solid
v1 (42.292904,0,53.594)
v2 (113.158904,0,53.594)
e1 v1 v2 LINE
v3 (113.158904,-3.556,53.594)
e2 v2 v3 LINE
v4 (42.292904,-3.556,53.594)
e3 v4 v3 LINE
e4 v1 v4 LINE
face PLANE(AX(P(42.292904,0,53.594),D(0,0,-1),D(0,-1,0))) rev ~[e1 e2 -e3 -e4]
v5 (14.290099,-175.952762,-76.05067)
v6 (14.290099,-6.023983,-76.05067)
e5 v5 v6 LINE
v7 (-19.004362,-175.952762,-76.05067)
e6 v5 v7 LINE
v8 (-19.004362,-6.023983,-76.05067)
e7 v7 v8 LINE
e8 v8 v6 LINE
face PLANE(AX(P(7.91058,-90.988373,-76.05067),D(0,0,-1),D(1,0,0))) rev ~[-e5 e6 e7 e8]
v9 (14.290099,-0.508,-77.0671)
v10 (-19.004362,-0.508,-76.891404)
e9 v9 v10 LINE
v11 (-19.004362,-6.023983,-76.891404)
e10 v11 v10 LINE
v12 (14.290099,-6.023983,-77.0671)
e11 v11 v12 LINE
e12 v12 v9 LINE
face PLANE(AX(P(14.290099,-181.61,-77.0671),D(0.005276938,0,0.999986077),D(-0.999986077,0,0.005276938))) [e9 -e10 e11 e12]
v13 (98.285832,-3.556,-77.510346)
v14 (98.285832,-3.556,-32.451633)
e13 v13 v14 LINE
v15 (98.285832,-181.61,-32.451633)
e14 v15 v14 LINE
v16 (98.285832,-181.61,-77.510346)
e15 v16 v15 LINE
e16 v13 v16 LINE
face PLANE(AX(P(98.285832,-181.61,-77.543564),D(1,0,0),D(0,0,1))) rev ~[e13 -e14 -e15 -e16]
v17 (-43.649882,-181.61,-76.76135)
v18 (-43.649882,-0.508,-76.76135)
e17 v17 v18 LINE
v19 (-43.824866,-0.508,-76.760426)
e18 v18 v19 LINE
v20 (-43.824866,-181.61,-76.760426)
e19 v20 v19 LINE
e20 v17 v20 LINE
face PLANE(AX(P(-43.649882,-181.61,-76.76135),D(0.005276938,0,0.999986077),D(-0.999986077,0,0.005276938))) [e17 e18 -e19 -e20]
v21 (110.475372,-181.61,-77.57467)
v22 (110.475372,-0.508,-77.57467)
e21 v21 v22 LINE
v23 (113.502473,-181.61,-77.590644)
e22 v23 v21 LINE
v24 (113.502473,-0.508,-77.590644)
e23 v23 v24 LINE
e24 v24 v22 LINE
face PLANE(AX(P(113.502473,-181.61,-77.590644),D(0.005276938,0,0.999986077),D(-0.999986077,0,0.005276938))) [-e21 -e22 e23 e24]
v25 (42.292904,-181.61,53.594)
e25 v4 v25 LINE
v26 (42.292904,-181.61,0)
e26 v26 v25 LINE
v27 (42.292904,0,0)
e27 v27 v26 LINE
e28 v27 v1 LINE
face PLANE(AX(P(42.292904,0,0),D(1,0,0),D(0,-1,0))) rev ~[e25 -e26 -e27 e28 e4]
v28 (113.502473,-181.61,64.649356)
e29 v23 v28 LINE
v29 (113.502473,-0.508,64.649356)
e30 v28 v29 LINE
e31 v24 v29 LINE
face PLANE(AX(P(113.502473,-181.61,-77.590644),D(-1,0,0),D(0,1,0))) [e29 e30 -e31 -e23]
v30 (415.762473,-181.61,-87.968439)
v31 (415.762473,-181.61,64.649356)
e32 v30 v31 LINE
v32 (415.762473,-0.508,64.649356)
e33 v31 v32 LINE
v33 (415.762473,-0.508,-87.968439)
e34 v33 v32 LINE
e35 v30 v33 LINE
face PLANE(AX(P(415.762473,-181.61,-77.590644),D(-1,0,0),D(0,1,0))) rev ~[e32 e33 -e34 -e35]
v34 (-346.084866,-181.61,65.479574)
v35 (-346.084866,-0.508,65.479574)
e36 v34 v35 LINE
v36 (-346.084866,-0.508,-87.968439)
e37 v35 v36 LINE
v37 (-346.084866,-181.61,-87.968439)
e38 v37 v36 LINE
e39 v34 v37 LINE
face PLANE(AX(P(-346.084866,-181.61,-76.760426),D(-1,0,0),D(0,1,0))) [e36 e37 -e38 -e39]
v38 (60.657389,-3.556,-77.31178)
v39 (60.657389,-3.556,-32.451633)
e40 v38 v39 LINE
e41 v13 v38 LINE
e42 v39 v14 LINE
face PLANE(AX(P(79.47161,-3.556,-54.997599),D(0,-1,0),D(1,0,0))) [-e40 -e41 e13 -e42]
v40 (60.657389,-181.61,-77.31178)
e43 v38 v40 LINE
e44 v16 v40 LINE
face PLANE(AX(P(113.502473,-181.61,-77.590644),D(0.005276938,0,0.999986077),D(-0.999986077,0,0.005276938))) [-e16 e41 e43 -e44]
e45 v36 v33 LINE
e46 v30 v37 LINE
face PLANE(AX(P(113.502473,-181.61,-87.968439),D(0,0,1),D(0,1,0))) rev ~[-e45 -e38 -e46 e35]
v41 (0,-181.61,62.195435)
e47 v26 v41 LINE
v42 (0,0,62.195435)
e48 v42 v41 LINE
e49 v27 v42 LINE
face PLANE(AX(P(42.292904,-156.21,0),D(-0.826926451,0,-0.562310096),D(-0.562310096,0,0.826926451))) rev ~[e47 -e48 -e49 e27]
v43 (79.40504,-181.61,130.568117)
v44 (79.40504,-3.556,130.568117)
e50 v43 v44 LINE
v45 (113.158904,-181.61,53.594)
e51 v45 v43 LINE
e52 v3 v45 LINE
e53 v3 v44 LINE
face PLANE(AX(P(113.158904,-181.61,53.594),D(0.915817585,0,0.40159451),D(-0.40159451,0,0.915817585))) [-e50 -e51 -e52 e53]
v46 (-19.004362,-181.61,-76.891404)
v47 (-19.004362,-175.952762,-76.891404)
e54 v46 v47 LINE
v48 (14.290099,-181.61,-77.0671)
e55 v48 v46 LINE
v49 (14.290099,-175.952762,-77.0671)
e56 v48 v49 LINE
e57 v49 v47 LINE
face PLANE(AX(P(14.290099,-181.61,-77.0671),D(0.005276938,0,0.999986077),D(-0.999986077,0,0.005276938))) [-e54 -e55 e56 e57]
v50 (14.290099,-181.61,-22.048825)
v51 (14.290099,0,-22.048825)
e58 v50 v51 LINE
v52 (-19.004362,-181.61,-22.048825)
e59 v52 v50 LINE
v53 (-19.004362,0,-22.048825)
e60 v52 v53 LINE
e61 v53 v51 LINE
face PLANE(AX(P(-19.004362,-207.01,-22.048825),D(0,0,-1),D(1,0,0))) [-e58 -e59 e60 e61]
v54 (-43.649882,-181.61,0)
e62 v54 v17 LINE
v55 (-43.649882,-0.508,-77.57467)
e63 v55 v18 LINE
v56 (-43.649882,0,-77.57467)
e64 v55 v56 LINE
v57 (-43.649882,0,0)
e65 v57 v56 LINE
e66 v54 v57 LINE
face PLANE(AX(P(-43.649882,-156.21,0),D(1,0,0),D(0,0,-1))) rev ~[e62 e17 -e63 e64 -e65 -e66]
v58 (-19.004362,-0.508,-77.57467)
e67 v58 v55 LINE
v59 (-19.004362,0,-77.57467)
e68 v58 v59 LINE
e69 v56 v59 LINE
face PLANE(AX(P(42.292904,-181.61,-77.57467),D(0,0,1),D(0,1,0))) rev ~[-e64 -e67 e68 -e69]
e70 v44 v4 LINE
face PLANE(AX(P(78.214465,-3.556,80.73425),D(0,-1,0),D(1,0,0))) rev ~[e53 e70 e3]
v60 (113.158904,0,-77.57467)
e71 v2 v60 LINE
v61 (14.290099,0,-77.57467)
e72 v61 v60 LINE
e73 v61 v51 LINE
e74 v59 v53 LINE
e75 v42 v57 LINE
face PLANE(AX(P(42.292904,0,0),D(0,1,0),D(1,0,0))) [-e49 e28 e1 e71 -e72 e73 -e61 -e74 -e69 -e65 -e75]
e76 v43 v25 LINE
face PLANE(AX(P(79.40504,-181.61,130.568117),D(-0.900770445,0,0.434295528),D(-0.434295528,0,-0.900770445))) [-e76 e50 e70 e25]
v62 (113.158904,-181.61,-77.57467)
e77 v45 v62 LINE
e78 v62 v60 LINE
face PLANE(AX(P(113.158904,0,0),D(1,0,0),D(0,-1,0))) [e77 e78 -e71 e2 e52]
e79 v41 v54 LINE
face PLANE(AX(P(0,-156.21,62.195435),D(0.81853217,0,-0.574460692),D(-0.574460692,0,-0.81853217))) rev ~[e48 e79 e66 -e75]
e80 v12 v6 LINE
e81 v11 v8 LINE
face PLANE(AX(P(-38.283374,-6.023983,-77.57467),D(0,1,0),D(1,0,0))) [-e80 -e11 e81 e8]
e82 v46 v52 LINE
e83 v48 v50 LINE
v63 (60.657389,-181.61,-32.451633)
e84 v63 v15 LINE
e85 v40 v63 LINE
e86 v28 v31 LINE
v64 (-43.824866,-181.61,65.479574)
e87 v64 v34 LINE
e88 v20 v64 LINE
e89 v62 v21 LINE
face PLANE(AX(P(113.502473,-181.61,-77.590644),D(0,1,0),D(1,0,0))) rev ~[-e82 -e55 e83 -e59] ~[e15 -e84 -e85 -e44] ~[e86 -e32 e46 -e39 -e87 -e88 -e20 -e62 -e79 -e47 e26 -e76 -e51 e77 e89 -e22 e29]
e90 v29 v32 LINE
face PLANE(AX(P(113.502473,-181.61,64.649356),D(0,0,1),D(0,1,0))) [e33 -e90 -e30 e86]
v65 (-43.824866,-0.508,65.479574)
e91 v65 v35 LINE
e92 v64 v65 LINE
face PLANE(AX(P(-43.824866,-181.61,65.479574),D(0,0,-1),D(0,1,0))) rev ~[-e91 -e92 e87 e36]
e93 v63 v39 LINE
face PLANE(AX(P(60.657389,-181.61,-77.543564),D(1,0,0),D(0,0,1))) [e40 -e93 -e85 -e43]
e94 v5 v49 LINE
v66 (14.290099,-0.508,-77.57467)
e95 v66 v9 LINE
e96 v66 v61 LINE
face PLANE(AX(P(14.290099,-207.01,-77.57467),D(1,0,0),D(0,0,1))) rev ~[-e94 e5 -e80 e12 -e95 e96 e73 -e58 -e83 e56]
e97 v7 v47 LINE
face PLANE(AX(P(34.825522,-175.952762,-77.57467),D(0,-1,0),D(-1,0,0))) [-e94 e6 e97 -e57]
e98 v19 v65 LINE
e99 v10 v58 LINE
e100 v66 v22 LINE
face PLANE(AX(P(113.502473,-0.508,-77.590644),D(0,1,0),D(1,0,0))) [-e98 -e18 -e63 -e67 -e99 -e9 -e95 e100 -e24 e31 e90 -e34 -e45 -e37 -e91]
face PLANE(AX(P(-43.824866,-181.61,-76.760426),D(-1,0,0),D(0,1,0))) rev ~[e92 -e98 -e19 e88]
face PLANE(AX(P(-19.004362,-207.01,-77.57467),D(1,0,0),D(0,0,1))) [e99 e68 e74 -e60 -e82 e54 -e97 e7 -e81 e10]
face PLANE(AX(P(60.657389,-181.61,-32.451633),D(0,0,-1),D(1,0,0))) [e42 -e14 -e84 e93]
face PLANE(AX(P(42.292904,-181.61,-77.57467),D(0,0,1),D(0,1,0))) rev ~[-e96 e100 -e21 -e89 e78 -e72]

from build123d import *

# Parameters (mm, degrees)
F1_DEPTH  = 25.4
F2_DEPTH  = 105.41
F4_DEPTH  = 25.4
F7_DEPTH  = 34.544
F8_DEPTH  = 25.4
F9_W      = 33.2944607362
F9_H      = 55.5258449167
F10_DEPTH = 25.4
F11_DEPTH = 249.682
F12_W     = 53.8298841566
F12_H     = 169.9287788942
F12_W_2   = 19.2790124565
F13_DEPTH = 1.524
F14_DEPTH = 70.866
F16_W     = 37.628442049
F16_H     = 45.0919307768
F17_DEPTH = 178.054
F18_DEPTH = 53.594
F20_DEPTH = 178.054
F22_DEPTH = 181.102
F23_DEPTH = 302.26
F24_DEPTH = 302.26
F25_DEPTH = 142.24
F26_DEPTH = 142.24


with BuildPart() as f1:
    # F0 (on Front) → F1 (new body)
    with BuildSketch(Plane.XZ):
        Polygon((-43.6498820782, -77.5746703148), (42.2929041088, -77.5746703148), (42.2929041088, 0), (0, 62.1954351664), (-43.6498820782, 0), align=None)
    extrude(amount=F1_DEPTH)

    # F2 (add): a face of the model
    f2_faces = [f1.faces().sort_by_distance(p)[0] for p in [
        (-0.6137701258, -25.4, -21.7553212645),
    ]]
    extrude(f2_faces, amount=F2_DEPTH)

    # F3 (on face) → F4 (join)
    with BuildSketch(Plane.XZ.offset(130.81)):
        Polygon((-43.6498820782, 0), (-43.6498820782, -77.5746703148), (42.2929041088, -77.5746703148), (42.2929041088, 0), (0, 62.1954351664), align=None)
    extrude(amount=F4_DEPTH)

    # F6 (on face) → F7 (join)
    with BuildSketch(Plane.XZ.offset(156.21)):
        Polygon((-16.9418714941, -35.6023237109), (-16.9418714941, -77.5746703148), (13.7008177117, -77.5746703148), (13.7008177117, -37.0755307376), (13.7008177117, -35.6023237109), align=None)
    extrude(amount=-F7_DEPTH)

    # F5 (on face) → F8 (join)
    with BuildSketch(Plane.XZ.offset(156.21)):
        Polygon((-17.8257934749, -77.5746703148), (13.7008177117, -77.5746703148), (42.2929041088, -77.5746703148), (42.2929041088, 0), (0, 62.1954351664), (-43.6498820782, 0), (-43.6498820782, -77.5746703148), align=None)
    extrude(amount=F8_DEPTH)

    # F9 (on face) → F10 (join)
    with BuildSketch(Plane.XZ.offset(181.61)):
        with Locations((-2.3571313359, -49.8117478564)):
            Rectangle(F9_W, F9_H)
    extrude(amount=F10_DEPTH)

    # F11 (cut): a face of the model
    f11_faces = [f1.faces().sort_by_distance(p)[0] for p in [
        (-2.3571313359, -207.01, -49.8117478564),
    ]]
    extrude(f11_faces, amount=-F11_DEPTH, mode=Mode.SUBTRACT)

    # F12 (on face) → F13 (join)
    with BuildSketch(Plane(origin=(0, 0, -77.5746703148), x_dir=(1, 0, 0), z_dir=(0, 0, -1))):
        with Locations((7.9105803743, 90.9883729182)):
            Rectangle(F12_W, F12_H)
        with Locations((-28.6438679323, 90.9883729182)):
            Rectangle(F12_W_2, F12_H)
    extrude(amount=-F13_DEPTH)

    # F14 (add): a face of the model
    f14_faces = [f1.faces().sort_by_distance(p)[0] for p in [
        (42.2929041088, -90.805, -38.7873351574),
    ]]
    extrude(f14_faces, amount=F14_DEPTH)

    # F16 (on face) → F17 (cut)
    with BuildSketch(Plane.XZ.offset(181.61)):
        with Locations((79.4716104865, -54.9975987524)):
            Rectangle(F16_W, F16_H)
    extrude(amount=-F17_DEPTH, mode=Mode.SUBTRACT)

    # F18 (add): a face of the model
    f18_faces = [f1.faces().sort_by_distance(p)[0] for p in [
        (77.7259041088, -90.805, 0),
    ]]
    extrude(f18_faces, amount=F18_DEPTH)

    # F19 (on face) → F20 (join)
    with BuildSketch(Plane.XZ.offset(181.61)):
        Polygon((79.4050395489, 130.5681169033), (42.2929041088, 53.594), (113.1589041088, 53.594), align=None)
    extrude(amount=-F20_DEPTH)

    # F21 (on face) → F22 (join)
    with BuildSketch(Plane.XZ.offset(181.61)):
        Polygon((-43.6498820782, -76.761349558), (-43.8248664141, -76.7604261637), (-43.8248664141, -87.9684388638), (113.5024726391, -87.9684388638), (113.5024726391, -77.5906443596), (42.2929041088, -77.2148706392), (42.2929041088, -77.5746703148), (14.2900990322, -77.5746703148), (14.2900990322, -77.0670995115), (-19.004361704, -76.8914042554), (-19.004361704, -77.5746703148), (-43.6498820782, -77.5746703148), align=None)
    extrude(amount=-F22_DEPTH)

    # F23 (add): a face of the model
    f23_faces = [f1.faces().sort_by_distance(p)[0] for p in [
        (-43.8248664141, -91.059, -82.3644325137),
    ]]
    extrude(f23_faces, amount=F23_DEPTH)

    # F24 (add): a face of the model
    f24_faces = [f1.faces().sort_by_distance(p)[0] for p in [
        (113.5024726391, -91.059, -82.7795416117),
    ]]
    extrude(f24_faces, amount=F24_DEPTH)

    # F25 (add): a face of the model
    f25_faces = [f1.faces().sort_by_distance(p)[0] for p in [
        (-194.9548664141, -91.059, -76.7604261637),
    ]]
    extrude(f25_faces, amount=F25_DEPTH)

    # F26 (add): a face of the model
    f26_faces = [f1.faces().sort_by_distance(p)[0] for p in [
        (264.6324726391, -91.059, -77.5906443596),
    ]]
    extrude(f26_faces, amount=F26_DEPTH)


solid = f1.part
